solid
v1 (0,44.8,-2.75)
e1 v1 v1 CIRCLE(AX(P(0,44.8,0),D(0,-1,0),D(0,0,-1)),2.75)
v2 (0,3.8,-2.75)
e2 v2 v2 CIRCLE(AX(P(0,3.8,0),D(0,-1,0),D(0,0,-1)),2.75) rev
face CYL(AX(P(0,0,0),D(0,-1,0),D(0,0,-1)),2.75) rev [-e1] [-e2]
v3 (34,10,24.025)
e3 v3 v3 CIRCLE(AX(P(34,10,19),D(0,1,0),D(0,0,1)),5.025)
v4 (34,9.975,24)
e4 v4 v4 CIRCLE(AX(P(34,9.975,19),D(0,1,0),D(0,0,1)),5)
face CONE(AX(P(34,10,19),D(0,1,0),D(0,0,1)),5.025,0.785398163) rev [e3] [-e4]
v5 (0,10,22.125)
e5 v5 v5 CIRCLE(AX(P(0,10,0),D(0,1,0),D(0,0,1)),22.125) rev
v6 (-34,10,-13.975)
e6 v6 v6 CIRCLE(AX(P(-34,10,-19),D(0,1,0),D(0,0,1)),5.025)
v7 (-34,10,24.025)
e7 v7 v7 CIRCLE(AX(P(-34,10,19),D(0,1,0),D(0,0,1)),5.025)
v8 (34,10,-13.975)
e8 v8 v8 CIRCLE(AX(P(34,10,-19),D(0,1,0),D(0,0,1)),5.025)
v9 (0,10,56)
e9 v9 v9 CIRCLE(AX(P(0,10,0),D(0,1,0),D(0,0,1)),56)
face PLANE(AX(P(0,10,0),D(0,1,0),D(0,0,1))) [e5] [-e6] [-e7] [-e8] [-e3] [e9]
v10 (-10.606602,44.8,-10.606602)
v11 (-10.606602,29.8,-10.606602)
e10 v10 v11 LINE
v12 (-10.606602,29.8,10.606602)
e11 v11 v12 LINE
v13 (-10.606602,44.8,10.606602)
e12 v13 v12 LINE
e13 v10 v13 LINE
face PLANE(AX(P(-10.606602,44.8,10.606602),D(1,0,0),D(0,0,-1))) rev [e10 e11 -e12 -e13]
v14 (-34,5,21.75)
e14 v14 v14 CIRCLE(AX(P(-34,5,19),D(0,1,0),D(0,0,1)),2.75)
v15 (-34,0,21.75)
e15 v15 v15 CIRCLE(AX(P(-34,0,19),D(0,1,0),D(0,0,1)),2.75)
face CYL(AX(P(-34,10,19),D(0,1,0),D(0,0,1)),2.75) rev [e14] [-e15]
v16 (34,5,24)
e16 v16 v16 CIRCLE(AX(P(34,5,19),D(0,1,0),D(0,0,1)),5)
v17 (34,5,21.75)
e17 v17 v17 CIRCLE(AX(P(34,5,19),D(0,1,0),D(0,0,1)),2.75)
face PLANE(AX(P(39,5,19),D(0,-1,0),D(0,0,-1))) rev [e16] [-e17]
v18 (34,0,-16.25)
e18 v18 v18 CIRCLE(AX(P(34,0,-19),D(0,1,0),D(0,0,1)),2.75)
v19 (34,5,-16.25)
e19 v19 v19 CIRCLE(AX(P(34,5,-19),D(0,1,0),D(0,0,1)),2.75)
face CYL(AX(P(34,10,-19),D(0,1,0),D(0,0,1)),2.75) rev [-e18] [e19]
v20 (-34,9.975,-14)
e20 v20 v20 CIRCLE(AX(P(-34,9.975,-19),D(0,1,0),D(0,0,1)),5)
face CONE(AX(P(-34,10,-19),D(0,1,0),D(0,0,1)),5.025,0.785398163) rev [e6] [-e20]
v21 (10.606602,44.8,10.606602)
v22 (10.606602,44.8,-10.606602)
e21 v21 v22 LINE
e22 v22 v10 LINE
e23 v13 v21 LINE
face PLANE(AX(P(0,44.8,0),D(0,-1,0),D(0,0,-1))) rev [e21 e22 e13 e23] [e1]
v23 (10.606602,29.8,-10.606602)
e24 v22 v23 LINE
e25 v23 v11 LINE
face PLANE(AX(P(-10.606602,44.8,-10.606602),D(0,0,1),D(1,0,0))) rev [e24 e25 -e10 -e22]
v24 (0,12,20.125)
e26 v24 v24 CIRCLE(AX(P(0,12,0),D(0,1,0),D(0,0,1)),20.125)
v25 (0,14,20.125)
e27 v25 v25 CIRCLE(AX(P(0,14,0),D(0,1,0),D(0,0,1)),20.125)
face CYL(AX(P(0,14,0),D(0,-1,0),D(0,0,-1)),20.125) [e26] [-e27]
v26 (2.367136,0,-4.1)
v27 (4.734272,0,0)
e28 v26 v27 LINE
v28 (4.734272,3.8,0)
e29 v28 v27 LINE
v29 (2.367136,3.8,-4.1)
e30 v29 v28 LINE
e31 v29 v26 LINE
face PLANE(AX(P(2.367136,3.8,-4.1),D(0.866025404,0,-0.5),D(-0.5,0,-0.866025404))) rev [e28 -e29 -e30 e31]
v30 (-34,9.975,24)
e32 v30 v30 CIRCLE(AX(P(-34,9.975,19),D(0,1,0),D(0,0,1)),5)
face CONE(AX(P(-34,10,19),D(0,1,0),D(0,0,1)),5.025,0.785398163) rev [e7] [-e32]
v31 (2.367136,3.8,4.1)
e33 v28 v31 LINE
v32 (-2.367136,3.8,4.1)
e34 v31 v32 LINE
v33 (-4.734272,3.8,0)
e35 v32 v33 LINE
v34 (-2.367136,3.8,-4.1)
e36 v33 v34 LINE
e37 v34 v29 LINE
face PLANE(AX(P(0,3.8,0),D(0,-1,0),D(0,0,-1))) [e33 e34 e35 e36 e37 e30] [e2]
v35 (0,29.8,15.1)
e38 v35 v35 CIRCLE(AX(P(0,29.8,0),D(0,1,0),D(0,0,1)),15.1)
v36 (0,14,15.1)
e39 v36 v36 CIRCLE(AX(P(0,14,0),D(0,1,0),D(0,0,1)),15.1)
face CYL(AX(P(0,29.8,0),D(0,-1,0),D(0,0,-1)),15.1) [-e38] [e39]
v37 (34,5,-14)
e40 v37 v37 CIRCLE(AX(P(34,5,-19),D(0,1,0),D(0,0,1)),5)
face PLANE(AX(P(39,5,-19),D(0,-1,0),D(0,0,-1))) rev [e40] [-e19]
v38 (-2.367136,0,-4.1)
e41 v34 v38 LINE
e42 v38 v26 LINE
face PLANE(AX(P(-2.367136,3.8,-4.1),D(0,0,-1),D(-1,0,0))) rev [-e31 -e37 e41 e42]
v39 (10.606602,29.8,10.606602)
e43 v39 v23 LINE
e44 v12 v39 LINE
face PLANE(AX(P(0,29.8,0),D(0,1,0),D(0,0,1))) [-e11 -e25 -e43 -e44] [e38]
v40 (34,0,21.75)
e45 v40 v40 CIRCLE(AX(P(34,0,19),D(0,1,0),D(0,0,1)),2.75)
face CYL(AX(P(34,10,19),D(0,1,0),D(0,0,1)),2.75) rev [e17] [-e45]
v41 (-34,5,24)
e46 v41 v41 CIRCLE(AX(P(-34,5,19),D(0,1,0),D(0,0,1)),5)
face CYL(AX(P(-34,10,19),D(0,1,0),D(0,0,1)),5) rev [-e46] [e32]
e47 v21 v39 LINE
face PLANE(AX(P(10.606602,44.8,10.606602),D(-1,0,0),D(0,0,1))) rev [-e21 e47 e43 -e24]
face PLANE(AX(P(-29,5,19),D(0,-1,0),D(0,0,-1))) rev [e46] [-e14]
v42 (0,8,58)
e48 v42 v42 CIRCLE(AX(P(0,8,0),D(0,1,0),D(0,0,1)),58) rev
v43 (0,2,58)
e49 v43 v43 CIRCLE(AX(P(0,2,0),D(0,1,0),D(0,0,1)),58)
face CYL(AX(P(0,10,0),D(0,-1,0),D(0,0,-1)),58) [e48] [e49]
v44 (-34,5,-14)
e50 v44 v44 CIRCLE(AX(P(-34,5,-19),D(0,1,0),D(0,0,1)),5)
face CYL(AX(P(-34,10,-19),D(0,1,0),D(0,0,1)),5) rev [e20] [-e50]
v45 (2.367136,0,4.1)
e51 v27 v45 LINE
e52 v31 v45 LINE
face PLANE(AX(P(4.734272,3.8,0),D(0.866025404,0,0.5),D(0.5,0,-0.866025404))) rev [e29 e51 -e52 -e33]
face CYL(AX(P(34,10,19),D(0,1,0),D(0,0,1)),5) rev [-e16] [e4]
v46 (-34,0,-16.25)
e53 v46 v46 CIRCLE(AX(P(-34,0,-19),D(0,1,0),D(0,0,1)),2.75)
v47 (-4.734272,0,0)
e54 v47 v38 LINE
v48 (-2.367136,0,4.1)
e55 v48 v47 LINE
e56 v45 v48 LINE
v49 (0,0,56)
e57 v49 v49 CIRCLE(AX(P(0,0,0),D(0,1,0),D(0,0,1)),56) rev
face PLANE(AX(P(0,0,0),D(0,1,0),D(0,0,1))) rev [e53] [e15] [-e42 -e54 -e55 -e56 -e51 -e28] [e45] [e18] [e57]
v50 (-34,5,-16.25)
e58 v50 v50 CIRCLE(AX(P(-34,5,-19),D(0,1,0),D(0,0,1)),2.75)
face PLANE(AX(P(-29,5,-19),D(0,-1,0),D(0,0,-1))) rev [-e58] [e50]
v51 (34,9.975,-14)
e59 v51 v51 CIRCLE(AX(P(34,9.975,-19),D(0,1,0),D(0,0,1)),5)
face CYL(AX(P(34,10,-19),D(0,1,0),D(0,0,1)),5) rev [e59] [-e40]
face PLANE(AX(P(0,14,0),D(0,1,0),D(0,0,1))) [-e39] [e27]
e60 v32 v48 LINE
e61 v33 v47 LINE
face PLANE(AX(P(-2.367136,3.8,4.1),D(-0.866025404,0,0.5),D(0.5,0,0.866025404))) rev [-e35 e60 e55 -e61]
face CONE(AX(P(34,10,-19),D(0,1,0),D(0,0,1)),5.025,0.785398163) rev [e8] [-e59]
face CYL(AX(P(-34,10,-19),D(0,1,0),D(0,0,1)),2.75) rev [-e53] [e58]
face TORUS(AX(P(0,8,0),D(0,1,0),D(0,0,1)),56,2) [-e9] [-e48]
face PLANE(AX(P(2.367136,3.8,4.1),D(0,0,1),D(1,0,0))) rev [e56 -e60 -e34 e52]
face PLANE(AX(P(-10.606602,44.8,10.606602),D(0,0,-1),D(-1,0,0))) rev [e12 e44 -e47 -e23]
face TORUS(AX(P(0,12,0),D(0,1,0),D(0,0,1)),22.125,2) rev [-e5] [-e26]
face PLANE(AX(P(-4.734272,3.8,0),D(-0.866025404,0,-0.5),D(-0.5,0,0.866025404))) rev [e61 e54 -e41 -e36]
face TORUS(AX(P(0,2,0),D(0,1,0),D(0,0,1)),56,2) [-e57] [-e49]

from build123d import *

# Parameters (mm, degrees)
SKETCH1_R                      = 58
BOSS_EXTRUDE1_DEPTH            = 10
CBORE_FOR_M5_SHCS3_AT_2_COUNT  = 2
CBORE_FOR_M5_SHCS3_AT_2_PITCH  = 68
CBORE_FOR_M5_SHCS3_AT_3_COUNT  = 2
CBORE_FOR_M5_SHCS3_AT_3_PITCH  = 38
CBORE_FOR_M5_SHCS3_AT_4_COUNT  = 2
CBORE_FOR_M5_SHCS3_AT_4_PITCH  = 77.897368377
SKETCH5_R                      = 20.125
BOSS_EXTRUDE3_DEPTH            = 4
SKETCH4_R                      = 15.1
BOSS_EXTRUDE2_DEPTH            = 15.8
FILLET1_R                      = 2
FILLET2_R                      = 2
SKETCH7_W                      = 21.213203436
SKETCH7_H                      = 21.213203436
BOSS_EXTRUDE4_DEPTH            = 15
M5_CLEARANCE_HOLE1_D           = 5.5
M5_CLEARANCE_HOLE1_CSINK_D     = 5.55
M5_CLEARANCE_HOLE1_CSINK_ANGLE = 90
CUT_EXTRUDE1_DEPTH             = 3.8


with BuildPart() as part:
    # Sketch1 → Boss-Extrude1 (new body)
    with BuildSketch(Plane(origin=(0, 0, 0), x_dir=(1, 0, 0), z_dir=(0, 1, 0))):
        with Locations(Location((0, 0, 0), (0, 0, 270))):
            Circle(SKETCH1_R)
    extrude(amount=BOSS_EXTRUDE1_DEPTH)

    # Sketch3 → CBORE for M5 SHCS3 (revolve, cut)
    with BuildSketch(Plane(origin=(-34, 10, -19), x_dir=(0, 0, 1), z_dir=(1, 0, 0))):
        Polygon((0, 0), (0, 10), (2.75, 10), (2.75, 5), (5, 5), (5, 0.025), (5.025, 0), align=None)
    cbore_for_m5_shcs3 = revolve(axis=Axis((-34, 16.35, -19), (0, -1, 0)), mode=Mode.SUBTRACT)

    # CBORE for M5 SHCS3 at 2: CBORE for M5 SHCS3 ×2
    with Locations(*[(i * CBORE_FOR_M5_SHCS3_AT_2_PITCH, 0, 0) for i in range(1, CBORE_FOR_M5_SHCS3_AT_2_COUNT)]):
        add(cbore_for_m5_shcs3, mode=Mode.SUBTRACT)

    # CBORE for M5 SHCS3 at 3: CBORE for M5 SHCS3 ×2
    with Locations(*[(0, 0, i * CBORE_FOR_M5_SHCS3_AT_3_PITCH) for i in range(1, CBORE_FOR_M5_SHCS3_AT_3_COUNT)]):
        add(cbore_for_m5_shcs3, mode=Mode.SUBTRACT)

    # CBORE for M5 SHCS3 at 4: CBORE for M5 SHCS3 ×2
    with Locations(*[Vector(0.8729434821372646, 0, 0.48782135766494195) * (i * CBORE_FOR_M5_SHCS3_AT_4_PITCH) for i in range(1, CBORE_FOR_M5_SHCS3_AT_4_COUNT)]):
        add(cbore_for_m5_shcs3, mode=Mode.SUBTRACT)

    # Sketch5 → Boss-Extrude3 (add)
    with BuildSketch(Plane(origin=(0, 10, 0), x_dir=(1, 0, 0), z_dir=(0, 1, 0))):
        with Locations(Location((0, 0, 0), (0, 0, 270))):
            Circle(SKETCH5_R)
    extrude(amount=BOSS_EXTRUDE3_DEPTH)

    # Sketch4 → Boss-Extrude2 (add)
    with BuildSketch(Plane(origin=(0, 14, 0), x_dir=(1, 0, 0), z_dir=(0, 1, 0))):
        with Locations(Location((0, 0, 0), (0, 0, 270))):
            Circle(SKETCH4_R)
    extrude(amount=BOSS_EXTRUDE2_DEPTH)

    # Fillet1
    fillet1_edges = [part.edges().sort_by_distance(p)[0] for p in [
        (0, 0, -58),
        (0, 10, -58),
    ]]
    fillet(fillet1_edges, radius=FILLET1_R)

    # Fillet2
    fillet2_edges = [part.edges().sort_by_distance(p)[0] for p in [
        (0, 10, -20.125),
    ]]
    fillet(fillet2_edges, radius=FILLET2_R)

    # Sketch7 → Boss-Extrude4 (add)
    with BuildSketch(Plane(origin=(0, 29.8, 0), x_dir=(1, 0, 0), z_dir=(0, 1, 0))):
        Rectangle(SKETCH7_W, SKETCH7_H)
    extrude(amount=BOSS_EXTRUDE4_DEPTH)

    # M5 Clearance Hole1 (through all)
    with Locations(Plane(origin=(0, 0, 0), x_dir=(-1, 0, 0), z_dir=(0, -1, 0))):
        with Locations((0, 0)):
            CounterSinkHole(M5_CLEARANCE_HOLE1_D / 2, M5_CLEARANCE_HOLE1_CSINK_D / 2, counter_sink_angle=M5_CLEARANCE_HOLE1_CSINK_ANGLE)

    # Sketch10 → Cut-Extrude1 (cut)
    with BuildSketch(Plane.XZ):
        Polygon((2.367136104, 4.1), (-2.367136104, 4.1), (-4.734272207, 0), (-2.367136104, -4.1), (2.367136104, -4.1), (4.734272207, 0), align=None)
    extrude(amount=-CUT_EXTRUDE1_DEPTH, mode=Mode.SUBTRACT)


solid = part.part
